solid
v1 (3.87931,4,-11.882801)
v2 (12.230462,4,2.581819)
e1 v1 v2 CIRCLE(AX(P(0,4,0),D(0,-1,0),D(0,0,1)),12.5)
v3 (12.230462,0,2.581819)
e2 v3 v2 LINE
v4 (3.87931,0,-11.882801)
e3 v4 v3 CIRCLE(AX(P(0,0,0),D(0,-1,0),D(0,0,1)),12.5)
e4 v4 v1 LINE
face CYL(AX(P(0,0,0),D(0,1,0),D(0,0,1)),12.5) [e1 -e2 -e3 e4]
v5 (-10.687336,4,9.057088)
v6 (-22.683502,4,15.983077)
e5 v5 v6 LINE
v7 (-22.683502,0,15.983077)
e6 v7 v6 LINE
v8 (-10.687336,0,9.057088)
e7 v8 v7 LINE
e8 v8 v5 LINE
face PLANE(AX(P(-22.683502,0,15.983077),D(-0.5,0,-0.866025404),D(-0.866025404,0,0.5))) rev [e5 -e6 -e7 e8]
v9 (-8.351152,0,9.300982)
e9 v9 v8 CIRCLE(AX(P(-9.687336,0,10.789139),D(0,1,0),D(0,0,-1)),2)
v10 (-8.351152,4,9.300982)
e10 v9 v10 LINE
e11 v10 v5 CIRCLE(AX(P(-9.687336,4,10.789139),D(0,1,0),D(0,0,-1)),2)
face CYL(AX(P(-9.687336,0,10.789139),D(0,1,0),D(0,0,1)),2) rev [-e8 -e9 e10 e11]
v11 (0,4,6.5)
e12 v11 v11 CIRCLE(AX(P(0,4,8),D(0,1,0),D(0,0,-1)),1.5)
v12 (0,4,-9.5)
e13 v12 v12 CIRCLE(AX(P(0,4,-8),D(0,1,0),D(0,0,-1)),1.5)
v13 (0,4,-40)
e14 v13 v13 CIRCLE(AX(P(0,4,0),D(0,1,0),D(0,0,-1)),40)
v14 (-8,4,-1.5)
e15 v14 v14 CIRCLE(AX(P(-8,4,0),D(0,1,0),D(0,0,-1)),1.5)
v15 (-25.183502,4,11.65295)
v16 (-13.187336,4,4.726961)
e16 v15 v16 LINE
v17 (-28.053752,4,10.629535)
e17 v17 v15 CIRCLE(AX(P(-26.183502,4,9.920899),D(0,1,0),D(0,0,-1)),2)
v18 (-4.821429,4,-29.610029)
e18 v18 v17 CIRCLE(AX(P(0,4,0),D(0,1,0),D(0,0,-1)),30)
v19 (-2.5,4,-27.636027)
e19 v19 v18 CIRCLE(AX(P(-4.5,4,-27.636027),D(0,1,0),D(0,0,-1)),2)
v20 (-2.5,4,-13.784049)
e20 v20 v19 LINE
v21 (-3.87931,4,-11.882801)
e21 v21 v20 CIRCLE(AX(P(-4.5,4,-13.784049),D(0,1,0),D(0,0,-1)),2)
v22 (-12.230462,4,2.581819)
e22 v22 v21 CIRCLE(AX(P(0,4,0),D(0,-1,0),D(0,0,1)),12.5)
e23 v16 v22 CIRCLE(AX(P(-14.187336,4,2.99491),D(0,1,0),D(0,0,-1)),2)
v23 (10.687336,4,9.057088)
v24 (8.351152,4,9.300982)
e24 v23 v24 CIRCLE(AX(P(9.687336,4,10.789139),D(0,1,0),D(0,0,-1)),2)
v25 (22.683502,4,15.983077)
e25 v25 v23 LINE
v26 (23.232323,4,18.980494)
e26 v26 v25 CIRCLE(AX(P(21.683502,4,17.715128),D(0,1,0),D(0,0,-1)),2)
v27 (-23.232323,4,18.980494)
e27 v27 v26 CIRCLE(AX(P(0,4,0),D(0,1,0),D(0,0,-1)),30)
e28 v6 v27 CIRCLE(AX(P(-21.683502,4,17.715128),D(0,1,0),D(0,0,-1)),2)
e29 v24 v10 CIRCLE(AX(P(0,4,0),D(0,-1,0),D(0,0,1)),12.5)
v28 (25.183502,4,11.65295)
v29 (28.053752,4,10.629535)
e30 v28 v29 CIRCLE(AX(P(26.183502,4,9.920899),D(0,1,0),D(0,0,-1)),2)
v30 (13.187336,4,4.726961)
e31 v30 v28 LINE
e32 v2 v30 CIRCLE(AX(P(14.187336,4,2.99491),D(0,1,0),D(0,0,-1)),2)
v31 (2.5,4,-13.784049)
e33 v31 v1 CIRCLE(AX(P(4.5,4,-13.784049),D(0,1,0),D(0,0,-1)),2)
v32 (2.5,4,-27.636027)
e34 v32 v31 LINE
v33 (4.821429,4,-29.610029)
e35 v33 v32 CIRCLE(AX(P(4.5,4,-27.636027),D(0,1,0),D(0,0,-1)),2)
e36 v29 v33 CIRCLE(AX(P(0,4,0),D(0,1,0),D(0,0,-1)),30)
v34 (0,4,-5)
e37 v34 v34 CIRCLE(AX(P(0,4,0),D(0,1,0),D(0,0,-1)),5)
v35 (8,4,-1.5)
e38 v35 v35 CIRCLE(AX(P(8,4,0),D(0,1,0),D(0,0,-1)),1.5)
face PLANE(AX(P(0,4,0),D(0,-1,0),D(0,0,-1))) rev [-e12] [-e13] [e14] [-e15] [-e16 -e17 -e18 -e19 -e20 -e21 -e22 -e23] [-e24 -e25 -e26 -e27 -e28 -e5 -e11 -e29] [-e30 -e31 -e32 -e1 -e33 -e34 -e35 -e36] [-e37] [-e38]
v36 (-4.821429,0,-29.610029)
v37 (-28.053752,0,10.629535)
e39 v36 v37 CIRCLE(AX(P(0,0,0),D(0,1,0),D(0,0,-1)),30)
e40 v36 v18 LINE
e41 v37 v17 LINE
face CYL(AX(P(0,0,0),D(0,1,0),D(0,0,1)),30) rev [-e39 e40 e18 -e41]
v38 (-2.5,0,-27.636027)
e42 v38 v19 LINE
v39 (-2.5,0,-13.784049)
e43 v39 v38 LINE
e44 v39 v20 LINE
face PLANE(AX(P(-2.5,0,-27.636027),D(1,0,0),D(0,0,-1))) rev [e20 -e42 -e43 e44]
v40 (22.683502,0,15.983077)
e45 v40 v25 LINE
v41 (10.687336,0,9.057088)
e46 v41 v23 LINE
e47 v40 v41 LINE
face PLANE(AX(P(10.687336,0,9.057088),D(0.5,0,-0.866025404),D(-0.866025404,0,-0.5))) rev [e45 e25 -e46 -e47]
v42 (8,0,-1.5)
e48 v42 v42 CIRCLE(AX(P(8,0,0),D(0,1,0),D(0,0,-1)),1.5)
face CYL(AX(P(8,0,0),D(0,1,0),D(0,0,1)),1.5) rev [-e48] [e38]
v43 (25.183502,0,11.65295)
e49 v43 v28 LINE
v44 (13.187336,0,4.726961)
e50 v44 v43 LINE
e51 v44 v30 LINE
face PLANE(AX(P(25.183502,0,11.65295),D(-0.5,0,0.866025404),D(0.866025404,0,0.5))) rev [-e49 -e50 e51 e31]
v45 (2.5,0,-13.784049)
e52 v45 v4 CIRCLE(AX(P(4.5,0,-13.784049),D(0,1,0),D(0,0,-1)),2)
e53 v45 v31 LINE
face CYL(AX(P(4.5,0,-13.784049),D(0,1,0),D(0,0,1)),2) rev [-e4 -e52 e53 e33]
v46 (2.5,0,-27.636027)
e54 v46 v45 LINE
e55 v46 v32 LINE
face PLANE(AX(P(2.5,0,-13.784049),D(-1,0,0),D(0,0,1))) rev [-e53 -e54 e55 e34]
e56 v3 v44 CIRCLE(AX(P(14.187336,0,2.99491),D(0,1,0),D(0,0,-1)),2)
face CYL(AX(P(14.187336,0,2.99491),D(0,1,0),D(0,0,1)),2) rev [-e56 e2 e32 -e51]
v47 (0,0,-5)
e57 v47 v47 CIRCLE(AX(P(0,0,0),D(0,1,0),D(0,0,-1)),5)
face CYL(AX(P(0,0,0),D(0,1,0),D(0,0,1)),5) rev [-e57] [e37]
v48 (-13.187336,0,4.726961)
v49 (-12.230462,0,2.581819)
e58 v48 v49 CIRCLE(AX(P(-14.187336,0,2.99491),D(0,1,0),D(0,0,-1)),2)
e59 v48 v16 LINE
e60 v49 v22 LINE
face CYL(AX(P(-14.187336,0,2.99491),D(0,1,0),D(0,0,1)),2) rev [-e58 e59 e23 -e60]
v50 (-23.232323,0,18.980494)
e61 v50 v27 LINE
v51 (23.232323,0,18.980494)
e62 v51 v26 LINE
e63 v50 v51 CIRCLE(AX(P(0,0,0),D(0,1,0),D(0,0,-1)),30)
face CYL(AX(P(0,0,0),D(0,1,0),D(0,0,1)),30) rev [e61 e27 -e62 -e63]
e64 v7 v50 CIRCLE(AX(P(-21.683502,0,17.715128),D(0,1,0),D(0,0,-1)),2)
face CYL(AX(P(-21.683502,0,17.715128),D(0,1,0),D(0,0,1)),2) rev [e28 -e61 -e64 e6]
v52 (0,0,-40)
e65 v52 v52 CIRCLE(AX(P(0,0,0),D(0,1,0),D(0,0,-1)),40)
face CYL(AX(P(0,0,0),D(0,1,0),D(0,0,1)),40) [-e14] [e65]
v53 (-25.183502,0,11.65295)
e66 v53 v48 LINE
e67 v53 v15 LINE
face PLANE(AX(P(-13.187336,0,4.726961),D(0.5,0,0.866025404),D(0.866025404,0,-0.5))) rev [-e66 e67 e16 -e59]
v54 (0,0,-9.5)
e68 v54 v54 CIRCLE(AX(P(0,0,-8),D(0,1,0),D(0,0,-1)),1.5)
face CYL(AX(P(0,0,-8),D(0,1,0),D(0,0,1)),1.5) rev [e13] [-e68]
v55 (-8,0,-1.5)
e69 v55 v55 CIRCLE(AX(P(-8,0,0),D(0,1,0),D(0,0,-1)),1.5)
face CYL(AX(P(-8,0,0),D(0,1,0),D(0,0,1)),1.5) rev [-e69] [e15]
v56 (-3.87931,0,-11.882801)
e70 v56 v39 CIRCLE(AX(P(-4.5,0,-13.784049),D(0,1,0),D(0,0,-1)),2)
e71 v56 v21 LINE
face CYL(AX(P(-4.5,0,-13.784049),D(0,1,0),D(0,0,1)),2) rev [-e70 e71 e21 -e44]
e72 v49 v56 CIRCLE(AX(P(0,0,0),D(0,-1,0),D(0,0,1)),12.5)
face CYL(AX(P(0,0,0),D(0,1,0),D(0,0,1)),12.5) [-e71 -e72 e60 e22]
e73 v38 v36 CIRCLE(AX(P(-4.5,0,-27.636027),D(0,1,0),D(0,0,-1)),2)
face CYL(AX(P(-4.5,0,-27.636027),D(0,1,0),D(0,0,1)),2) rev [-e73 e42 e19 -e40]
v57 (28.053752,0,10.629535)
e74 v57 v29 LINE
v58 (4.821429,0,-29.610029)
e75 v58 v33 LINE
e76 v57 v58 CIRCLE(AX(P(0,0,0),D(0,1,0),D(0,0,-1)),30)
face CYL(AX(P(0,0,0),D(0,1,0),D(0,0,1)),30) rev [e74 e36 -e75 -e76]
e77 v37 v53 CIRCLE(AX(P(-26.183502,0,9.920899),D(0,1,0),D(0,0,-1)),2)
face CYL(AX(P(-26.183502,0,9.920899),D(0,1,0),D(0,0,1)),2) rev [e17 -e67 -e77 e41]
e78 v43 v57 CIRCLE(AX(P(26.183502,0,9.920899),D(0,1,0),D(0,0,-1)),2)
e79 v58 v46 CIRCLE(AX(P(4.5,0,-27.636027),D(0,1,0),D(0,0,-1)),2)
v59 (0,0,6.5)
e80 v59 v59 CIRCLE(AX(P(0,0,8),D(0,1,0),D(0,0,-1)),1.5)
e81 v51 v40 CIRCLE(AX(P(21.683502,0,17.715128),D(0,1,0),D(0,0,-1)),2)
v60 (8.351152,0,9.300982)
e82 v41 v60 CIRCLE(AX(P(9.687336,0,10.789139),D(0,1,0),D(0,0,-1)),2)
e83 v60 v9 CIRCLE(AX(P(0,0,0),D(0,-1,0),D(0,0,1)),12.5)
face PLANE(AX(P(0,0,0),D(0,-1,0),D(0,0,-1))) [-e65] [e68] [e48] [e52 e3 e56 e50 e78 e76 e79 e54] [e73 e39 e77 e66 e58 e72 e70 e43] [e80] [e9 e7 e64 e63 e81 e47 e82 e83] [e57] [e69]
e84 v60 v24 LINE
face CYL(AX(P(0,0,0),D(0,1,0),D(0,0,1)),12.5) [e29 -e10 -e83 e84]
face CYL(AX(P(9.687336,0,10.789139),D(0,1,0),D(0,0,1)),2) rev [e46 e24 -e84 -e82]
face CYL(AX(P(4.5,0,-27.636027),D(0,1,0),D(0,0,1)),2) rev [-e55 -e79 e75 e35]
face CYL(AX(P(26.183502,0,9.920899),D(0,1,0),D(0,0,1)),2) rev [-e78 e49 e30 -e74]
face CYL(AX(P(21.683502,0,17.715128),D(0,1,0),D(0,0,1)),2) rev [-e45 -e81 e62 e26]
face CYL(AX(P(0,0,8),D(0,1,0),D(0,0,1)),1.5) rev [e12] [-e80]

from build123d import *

# Parameters (mm, degrees)
ESBO_O1_R                = 40
ESBO_O1_R_2              = 1.5
ESBO_O1_R_3              = 5
RESSALTO_EXTRUS_O1_DEPTH = 4


with BuildPart() as part:
    # Esboço1 → Ressalto-extrusão1 (new body)
    with BuildSketch(Plane(origin=(0, 4, 0), x_dir=(1, 0, 0), z_dir=(0, 1, 0))):
        with Locations(Location((0, 0, 0), (0, 0, 90))):
            Circle(ESBO_O1_R)
        with Locations(Location((-8, 0, 0), (0, 0, 90))):
            Circle(ESBO_O1_R_2, mode=Mode.SUBTRACT)
        with Locations(Location((0, -8, 0), (0, 0, 90))):
            Circle(ESBO_O1_R_2, mode=Mode.SUBTRACT)
        with Locations(Location((8, 0, 0), (0, 0, 90))):
            Circle(ESBO_O1_R_2, mode=Mode.SUBTRACT)
        with Locations(Location((0, 8, 0), (0, 0, 90))):
            Circle(ESBO_O1_R_2, mode=Mode.SUBTRACT)
        with Locations(Location((0, 0, 0), (0, 0, 90))):
            Circle(ESBO_O1_R_3, mode=Mode.SUBTRACT)
        with BuildLine():
            Line((-2.5, 27.636027211), (-2.5, 13.784048752))
            ThreePointArc((-2.5, 13.784048752), (-2.881145573, 12.609608313), (-3.879310345, 11.882800648))
            ThreePointArc((-3.879310345, 11.882800648), (-10.825317547, 6.25), (-12.230462402, -2.581819016))
            ThreePointArc((-12.230462402, -2.581819016), (-12.360813917, -3.809658898), (-13.187336386, -4.726960867))
            Line((-13.187336386, -4.726960867), (-25.183501624, -11.652950096))
            ThreePointArc((-25.183501624, -11.652950096), (-26.855199812, -11.804730901), (-28.05375174, -10.629534952))
            ThreePointArc((-28.05375174, -10.629534952), (-25.980762114, 15), (-4.821428571, 29.610029155))
            ThreePointArc((-4.821428571, 29.610029155), (-3.204403061, 29.159650711), (-2.5, 27.636027211))
        make_face(mode=Mode.SUBTRACT)
        with BuildLine():
            Line((25.183501624, -11.652950096), (13.187336386, -4.726960867))
            ThreePointArc((13.187336386, -4.726960867), (12.360813917, -3.809658898), (12.230462402, -2.581819016))
            ThreePointArc((12.230462402, -2.581819016), (10.825317547, 6.25), (3.879310345, 11.882800648))
            ThreePointArc((3.879310345, 11.882800648), (2.881145573, 12.609608313), (2.5, 13.784048752))
            Line((2.5, 13.784048752), (2.5, 27.636027211))
            ThreePointArc((2.5, 27.636027211), (3.204403061, 29.159650711), (4.821428571, 29.610029155))
            ThreePointArc((4.821428571, 29.610029155), (25.980762114, 15), (28.05375174, -10.629534952))
            ThreePointArc((28.05375174, -10.629534952), (26.855199812, -11.804730901), (25.183501624, -11.652950096))
        make_face(mode=Mode.SUBTRACT)
        with BuildLine():
            Line((10.687336386, -9.057087886), (22.683501624, -15.983077115))
            ThreePointArc((22.683501624, -15.983077115), (23.650796751, -17.35491981), (23.232323169, -18.980494203))
            ThreePointArc((23.232323169, -18.980494203), (0, -30), (-23.232323169, -18.980494203))
            ThreePointArc((-23.232323169, -18.980494203), (-23.650796751, -17.35491981), (-22.683501624, -15.983077115))
            Line((-22.683501624, -15.983077115), (-10.687336386, -9.057087886))
            ThreePointArc((-10.687336386, -9.057087886), (-9.479668344, -8.799949415), (-8.351152057, -9.300981632))
            ThreePointArc((-8.351152057, -9.300981632), (0, -12.5), (8.351152057, -9.300981632))
            ThreePointArc((8.351152057, -9.300981632), (9.479668344, -8.799949415), (10.687336386, -9.057087886))
        make_face(mode=Mode.SUBTRACT)
    extrude(amount=-RESSALTO_EXTRUS_O1_DEPTH)


solid = part.part
